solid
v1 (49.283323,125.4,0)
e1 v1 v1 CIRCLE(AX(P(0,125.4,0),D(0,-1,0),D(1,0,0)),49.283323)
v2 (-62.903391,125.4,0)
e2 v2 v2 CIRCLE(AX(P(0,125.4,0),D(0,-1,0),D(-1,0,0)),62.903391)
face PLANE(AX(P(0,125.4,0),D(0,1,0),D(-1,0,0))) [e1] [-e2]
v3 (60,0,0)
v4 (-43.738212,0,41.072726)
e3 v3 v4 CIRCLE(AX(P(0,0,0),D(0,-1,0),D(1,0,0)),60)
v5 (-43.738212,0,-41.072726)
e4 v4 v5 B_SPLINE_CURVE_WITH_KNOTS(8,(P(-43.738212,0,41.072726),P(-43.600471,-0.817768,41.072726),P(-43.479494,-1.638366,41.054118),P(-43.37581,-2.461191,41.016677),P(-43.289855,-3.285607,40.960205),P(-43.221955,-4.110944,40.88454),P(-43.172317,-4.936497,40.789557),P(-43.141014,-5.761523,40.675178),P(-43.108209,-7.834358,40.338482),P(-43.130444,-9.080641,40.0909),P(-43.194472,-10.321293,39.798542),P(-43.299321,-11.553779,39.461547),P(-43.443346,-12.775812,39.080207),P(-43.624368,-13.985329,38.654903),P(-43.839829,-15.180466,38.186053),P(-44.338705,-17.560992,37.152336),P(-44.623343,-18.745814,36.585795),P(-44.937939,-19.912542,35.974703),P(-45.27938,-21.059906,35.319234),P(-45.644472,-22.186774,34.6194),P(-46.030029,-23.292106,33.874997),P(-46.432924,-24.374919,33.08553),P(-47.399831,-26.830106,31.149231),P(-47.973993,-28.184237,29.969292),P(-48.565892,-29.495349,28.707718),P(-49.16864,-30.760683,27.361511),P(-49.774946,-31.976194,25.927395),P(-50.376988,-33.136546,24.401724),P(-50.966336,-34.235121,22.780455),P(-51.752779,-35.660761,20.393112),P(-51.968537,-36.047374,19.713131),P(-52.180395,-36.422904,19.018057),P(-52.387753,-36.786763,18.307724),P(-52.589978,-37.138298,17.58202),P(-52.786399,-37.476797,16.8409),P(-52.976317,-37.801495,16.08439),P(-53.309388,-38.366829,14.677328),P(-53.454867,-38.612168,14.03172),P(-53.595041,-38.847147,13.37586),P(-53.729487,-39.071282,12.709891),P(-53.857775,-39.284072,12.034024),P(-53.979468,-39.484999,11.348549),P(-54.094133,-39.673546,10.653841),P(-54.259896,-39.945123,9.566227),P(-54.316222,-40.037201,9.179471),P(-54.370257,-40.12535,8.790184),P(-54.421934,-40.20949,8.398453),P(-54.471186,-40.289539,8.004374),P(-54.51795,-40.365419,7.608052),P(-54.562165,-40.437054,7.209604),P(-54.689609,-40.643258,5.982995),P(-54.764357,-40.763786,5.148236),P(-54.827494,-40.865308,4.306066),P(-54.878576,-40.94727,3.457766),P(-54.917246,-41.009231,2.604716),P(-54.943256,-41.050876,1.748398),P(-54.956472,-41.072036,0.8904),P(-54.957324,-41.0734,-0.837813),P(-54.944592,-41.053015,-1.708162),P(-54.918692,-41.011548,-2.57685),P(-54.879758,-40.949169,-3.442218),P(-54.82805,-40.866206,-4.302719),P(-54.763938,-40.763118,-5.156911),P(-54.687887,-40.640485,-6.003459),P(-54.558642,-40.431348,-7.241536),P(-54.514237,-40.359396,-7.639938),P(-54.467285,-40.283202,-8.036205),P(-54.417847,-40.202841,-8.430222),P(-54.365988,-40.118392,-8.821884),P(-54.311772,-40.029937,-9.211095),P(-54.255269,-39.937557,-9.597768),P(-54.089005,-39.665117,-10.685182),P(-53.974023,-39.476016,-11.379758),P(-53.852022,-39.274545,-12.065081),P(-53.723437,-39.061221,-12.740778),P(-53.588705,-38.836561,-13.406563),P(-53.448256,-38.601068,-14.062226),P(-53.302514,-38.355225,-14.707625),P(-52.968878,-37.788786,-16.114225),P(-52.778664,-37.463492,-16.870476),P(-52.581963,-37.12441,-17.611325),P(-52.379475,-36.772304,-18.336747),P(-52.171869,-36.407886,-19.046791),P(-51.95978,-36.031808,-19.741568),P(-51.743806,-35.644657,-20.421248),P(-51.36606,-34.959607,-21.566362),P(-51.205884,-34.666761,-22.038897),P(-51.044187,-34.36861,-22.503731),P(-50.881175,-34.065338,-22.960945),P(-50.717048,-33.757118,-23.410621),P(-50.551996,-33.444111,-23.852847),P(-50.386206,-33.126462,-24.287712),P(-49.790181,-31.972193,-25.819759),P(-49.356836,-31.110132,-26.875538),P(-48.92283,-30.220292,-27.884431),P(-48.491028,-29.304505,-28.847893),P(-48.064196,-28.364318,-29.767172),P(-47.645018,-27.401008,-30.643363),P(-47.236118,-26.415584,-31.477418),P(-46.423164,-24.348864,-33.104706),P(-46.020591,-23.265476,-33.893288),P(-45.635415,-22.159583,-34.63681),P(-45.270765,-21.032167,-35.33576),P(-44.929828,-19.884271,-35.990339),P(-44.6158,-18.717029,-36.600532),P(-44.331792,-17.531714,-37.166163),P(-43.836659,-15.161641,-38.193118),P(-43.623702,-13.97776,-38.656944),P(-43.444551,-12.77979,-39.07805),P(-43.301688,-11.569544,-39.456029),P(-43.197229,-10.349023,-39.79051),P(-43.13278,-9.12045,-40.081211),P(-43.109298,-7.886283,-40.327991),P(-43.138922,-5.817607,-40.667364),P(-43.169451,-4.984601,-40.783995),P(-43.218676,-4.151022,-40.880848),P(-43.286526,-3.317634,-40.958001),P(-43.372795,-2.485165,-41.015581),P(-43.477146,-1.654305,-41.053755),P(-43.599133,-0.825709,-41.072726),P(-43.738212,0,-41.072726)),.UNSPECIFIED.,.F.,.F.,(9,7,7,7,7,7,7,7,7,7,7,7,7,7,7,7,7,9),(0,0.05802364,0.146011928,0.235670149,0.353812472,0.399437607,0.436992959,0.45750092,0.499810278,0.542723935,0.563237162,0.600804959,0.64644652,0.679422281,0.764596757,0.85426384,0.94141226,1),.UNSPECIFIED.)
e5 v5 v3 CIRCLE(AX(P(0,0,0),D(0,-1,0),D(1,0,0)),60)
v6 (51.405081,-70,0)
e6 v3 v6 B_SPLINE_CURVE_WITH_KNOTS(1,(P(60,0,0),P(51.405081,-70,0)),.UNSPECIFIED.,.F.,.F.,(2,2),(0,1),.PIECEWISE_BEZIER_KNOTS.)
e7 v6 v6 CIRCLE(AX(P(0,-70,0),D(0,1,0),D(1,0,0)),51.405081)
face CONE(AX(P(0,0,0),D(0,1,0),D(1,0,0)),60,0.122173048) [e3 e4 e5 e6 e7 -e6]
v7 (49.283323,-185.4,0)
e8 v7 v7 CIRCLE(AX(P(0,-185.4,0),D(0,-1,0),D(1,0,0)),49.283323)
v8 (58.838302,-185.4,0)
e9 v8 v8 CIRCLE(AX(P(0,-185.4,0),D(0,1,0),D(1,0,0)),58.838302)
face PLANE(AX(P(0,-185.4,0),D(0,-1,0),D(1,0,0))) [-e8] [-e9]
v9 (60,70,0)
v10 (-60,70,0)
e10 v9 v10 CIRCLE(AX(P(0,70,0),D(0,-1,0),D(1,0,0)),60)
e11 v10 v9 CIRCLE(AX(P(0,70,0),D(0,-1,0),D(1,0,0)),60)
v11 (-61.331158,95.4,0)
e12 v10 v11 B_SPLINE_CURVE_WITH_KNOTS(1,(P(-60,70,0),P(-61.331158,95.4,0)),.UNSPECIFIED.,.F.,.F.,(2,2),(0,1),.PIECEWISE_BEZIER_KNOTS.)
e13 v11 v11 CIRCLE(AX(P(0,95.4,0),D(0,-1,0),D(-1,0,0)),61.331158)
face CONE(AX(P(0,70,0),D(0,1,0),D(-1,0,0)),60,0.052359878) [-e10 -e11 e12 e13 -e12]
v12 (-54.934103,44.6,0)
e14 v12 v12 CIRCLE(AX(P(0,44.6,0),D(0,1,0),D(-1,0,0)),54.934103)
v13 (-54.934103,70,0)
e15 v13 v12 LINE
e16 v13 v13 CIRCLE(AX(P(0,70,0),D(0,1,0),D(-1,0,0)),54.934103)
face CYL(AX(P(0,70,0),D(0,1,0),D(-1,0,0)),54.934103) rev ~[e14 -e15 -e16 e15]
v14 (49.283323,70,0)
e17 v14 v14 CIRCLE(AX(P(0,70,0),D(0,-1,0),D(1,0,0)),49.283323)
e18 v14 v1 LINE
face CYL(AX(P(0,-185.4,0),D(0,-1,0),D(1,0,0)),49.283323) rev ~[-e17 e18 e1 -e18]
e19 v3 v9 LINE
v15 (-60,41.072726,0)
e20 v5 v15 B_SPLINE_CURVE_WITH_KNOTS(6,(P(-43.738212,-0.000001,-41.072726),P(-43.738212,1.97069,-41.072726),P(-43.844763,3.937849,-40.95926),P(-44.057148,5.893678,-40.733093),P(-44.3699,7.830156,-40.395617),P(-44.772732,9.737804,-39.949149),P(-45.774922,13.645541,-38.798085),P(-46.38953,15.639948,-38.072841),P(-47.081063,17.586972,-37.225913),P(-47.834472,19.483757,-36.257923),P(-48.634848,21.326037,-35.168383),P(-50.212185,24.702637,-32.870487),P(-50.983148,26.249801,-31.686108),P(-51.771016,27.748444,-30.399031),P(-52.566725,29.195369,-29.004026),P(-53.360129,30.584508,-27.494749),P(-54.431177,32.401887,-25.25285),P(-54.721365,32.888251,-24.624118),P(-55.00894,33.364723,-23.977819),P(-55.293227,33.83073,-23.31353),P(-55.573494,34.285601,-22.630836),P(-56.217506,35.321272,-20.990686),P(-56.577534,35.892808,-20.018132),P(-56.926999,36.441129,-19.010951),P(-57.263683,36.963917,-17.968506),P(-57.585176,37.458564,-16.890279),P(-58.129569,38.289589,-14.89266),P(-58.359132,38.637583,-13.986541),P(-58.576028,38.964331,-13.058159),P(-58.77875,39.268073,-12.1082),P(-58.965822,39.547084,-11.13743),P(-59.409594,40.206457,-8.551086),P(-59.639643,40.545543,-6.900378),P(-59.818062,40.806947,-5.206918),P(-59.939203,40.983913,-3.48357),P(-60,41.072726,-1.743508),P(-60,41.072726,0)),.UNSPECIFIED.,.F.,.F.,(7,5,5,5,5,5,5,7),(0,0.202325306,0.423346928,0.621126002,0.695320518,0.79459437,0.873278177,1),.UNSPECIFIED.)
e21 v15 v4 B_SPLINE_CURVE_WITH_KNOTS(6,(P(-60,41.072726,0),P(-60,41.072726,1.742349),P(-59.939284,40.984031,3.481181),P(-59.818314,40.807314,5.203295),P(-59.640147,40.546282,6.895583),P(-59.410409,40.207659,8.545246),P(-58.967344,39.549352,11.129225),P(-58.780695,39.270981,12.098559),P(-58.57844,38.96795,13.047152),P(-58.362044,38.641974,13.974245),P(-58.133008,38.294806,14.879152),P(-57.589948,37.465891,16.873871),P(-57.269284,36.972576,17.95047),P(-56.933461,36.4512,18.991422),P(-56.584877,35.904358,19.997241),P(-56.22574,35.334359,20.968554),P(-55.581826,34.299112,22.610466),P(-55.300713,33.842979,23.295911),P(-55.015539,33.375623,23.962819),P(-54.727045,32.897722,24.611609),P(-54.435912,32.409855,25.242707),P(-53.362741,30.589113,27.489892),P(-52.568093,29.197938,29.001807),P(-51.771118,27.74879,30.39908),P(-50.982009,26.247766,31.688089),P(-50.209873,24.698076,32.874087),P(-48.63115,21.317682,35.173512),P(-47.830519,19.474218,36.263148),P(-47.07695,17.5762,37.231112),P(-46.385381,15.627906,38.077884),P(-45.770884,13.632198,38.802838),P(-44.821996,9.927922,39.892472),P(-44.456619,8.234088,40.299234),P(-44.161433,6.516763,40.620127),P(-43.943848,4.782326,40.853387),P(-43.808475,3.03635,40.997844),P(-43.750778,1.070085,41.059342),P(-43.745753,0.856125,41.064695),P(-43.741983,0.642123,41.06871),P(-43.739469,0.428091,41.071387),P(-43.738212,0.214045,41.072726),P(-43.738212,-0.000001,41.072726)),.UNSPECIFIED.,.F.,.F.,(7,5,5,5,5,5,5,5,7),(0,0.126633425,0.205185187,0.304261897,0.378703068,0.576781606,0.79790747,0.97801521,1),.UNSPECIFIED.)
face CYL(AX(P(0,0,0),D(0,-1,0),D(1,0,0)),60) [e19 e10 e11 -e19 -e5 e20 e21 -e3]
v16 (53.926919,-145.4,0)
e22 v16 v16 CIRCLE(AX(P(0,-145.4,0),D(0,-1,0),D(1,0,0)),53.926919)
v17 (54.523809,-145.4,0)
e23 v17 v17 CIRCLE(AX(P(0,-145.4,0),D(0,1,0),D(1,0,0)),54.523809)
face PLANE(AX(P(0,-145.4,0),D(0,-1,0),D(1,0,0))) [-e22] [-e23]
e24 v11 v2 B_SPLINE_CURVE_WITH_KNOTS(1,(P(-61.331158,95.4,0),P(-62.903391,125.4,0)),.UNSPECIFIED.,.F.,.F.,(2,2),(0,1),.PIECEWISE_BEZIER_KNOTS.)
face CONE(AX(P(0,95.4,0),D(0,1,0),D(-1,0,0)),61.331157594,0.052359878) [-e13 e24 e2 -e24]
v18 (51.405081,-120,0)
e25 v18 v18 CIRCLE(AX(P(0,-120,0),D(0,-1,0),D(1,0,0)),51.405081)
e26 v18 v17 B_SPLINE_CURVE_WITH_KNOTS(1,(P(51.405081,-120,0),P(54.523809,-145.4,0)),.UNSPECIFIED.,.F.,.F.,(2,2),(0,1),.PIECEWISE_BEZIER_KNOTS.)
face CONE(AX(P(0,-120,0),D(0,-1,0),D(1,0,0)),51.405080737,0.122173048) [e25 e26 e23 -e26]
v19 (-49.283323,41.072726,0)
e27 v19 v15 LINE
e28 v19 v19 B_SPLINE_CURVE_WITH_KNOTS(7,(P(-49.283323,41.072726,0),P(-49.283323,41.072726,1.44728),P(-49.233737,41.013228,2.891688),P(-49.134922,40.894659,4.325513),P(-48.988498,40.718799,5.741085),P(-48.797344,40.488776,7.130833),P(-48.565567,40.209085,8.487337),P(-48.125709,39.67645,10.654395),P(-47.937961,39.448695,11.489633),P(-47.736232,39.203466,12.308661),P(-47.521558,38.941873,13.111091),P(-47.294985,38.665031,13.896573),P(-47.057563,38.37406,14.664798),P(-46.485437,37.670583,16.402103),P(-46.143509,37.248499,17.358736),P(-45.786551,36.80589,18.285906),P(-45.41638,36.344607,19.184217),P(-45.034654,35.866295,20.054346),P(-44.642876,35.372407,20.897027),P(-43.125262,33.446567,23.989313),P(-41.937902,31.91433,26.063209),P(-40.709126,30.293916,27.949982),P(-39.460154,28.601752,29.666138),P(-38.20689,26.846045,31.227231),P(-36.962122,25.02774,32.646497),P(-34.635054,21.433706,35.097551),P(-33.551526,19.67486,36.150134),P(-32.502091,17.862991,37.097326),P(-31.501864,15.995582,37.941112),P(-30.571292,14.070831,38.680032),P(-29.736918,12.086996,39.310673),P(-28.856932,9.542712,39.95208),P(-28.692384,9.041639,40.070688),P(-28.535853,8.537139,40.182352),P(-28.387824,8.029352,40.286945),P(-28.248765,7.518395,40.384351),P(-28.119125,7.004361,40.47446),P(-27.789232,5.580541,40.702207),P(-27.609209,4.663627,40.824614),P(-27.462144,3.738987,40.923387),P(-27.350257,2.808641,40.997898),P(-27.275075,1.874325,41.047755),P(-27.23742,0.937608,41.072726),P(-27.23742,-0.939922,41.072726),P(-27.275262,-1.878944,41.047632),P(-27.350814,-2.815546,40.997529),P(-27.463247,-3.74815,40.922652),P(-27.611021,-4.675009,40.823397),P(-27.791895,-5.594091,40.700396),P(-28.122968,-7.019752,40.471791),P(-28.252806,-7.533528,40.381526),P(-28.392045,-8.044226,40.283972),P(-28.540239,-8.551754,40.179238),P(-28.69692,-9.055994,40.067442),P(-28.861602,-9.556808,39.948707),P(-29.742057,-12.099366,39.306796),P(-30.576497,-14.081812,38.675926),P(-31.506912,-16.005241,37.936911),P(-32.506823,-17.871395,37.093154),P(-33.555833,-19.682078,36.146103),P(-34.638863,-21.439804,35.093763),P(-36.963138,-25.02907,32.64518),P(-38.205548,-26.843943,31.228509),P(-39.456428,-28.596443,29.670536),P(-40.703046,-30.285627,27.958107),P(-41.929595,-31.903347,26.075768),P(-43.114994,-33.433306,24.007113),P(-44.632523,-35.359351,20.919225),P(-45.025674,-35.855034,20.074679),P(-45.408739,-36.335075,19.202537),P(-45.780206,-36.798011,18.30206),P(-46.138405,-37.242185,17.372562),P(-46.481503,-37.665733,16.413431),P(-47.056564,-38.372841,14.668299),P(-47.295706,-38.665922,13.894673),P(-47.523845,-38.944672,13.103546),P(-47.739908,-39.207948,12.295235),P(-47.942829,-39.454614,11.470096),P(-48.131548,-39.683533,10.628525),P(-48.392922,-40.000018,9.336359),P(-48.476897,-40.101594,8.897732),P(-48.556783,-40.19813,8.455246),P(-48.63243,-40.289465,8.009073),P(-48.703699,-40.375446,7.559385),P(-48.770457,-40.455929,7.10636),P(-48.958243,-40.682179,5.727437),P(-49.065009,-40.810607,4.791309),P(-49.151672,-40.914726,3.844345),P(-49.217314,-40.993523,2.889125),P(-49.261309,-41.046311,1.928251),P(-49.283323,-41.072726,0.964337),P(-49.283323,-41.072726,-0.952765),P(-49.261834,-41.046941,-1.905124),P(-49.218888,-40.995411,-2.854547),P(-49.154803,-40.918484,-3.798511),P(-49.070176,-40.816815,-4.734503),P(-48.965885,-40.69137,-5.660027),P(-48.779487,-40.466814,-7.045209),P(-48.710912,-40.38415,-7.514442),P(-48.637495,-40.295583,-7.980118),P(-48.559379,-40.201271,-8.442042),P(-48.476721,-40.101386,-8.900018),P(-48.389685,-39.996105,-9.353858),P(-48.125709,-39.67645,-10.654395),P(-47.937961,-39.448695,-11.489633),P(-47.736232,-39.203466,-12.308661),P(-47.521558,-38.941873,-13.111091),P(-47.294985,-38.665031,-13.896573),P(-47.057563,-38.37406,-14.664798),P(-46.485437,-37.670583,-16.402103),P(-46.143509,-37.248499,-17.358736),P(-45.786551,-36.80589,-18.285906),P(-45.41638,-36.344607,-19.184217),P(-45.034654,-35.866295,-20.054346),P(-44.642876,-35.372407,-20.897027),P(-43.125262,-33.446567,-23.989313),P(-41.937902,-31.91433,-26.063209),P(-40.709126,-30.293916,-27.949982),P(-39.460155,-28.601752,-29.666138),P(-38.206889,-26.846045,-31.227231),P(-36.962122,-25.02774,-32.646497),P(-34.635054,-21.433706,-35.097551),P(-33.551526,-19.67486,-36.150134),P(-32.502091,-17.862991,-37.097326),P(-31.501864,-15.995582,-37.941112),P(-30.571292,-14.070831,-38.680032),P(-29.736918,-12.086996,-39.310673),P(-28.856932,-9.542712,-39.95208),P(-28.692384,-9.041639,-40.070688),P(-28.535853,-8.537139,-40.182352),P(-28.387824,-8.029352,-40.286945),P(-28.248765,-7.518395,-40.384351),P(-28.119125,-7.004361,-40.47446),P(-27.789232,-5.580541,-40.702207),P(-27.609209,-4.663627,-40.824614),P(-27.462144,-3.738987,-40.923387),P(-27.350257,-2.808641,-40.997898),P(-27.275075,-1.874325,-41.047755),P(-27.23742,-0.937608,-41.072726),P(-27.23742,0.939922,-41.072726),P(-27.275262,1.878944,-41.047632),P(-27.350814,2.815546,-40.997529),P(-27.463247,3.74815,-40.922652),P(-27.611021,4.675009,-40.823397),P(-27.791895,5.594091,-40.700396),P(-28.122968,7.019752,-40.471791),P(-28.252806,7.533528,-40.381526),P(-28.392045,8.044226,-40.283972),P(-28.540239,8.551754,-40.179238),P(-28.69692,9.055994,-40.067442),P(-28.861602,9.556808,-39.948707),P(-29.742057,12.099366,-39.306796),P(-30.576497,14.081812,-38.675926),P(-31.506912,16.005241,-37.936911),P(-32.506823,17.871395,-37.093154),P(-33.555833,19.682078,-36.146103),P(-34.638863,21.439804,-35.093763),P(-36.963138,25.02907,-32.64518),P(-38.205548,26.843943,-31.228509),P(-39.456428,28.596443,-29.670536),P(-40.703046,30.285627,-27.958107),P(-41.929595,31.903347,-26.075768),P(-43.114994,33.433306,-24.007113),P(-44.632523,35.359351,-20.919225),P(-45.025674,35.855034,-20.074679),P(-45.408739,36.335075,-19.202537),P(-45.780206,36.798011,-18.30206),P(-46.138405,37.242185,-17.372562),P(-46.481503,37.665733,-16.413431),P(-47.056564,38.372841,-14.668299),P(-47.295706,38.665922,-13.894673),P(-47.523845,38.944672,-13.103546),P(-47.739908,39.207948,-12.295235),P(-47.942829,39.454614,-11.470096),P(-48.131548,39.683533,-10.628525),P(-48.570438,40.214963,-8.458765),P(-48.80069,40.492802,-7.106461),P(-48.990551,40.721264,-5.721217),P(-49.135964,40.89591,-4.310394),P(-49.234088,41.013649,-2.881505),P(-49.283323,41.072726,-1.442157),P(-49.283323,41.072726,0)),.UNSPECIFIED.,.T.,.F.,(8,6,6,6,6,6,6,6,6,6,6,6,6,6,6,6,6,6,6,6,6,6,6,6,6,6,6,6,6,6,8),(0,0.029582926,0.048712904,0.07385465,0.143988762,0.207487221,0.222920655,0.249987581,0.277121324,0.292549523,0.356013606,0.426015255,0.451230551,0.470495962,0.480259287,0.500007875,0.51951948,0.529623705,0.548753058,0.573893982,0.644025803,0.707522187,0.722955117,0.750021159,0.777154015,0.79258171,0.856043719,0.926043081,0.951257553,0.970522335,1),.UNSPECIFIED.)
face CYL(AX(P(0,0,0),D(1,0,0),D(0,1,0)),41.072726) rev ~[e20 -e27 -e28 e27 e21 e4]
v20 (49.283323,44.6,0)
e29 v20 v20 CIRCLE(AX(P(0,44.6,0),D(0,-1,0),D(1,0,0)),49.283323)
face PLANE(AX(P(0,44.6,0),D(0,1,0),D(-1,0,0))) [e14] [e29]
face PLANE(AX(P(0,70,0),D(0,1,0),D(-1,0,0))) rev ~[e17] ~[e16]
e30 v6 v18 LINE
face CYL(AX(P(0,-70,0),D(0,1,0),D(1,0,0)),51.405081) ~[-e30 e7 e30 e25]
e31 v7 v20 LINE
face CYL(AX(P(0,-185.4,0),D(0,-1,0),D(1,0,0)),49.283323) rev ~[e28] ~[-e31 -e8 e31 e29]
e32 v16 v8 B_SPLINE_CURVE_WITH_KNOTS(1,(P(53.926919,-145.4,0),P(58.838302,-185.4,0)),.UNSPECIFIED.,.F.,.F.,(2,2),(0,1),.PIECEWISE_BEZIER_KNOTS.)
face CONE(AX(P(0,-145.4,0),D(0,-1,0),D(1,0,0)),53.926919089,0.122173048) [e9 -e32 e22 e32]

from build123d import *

# Parameters (mm, degrees)
F0_R      = 60
F1_DEPTH  = 70
F2_R      = 60
F3_DEPTH  = 70
F3_TAPER  = 7
F5_R      = 54.9341030365
F6_DEPTH  = 25.4
F7_R      = 47.9617586767
F8_DEPTH  = 205.994
F4_R      = 51.4050807368
F12_DEPTH = 50
F13_R     = 51.4050807368
F14_DEPTH = 25.4
F14_TAPER = -7
F15_R     = 53.9269190887
F16_DEPTH = 40
F16_TAPER = -7
F11_R     = 60
F17_DEPTH = 25.4
F17_TAPER = -3
F18_R     = 61.3311575938
F19_DEPTH = 30
F19_TAPER = -3
F20_R     = 46.550299856
F21_DEPTH = 374.396
F22_R     = 49.2833226897
F23_DEPTH = 359.918
F24_R     = 41.0727260018
F25_DEPTH = 101.854


with BuildPart() as f1:
    # F0 (on Front) → F1 (new body)
    with BuildSketch(Plane.XZ):
        Circle(F0_R)
    extrude(amount=-F1_DEPTH)

    # F2 (on face) → F3 (join)
    with BuildSketch(Plane.XZ):
        Circle(F2_R)
    extrude(amount=F3_DEPTH, taper=F3_TAPER)

    # F5 (on face) → F6 (cut)
    with BuildSketch(Plane(origin=(0, 70, 0), x_dir=(-1, 0, 0), z_dir=(0, 1, 0))):
        Circle(F5_R)
    extrude(amount=-F6_DEPTH, mode=Mode.SUBTRACT)

    # F7 (on face) → F8 (cut)
    with BuildSketch(Plane.XZ.offset(70)):
        Circle(F7_R)
    extrude(amount=-F8_DEPTH, mode=Mode.SUBTRACT)

    # F4 (on face) → F12 (join)
    with BuildSketch(Plane.XZ.offset(70)):
        Circle(F4_R)
    extrude(amount=F12_DEPTH)

    # F13 (on face) → F14 (join)
    with BuildSketch(Plane.XZ.offset(120)):
        Circle(F13_R)
    extrude(amount=F14_DEPTH, taper=F14_TAPER)

    # F15 (on face) → F16 (join)
    with BuildSketch(Plane.XZ.offset(145.4)):
        Circle(F15_R)
    extrude(amount=F16_DEPTH, taper=F16_TAPER)

    # F11 (on face) → F17 (join)
    with BuildSketch(Plane(origin=(0, 70, 0), x_dir=(-1, 0, 0), z_dir=(0, 1, 0))):
        Circle(F11_R)
    extrude(amount=F17_DEPTH, taper=F17_TAPER)

    # F18 (on face) → F19 (join)
    with BuildSketch(Plane(origin=(0, 95.4, 0), x_dir=(-1, 0, 0), z_dir=(0, 1, 0))):
        Circle(F18_R)
    extrude(amount=F19_DEPTH, taper=F19_TAPER)

    # F20 (on face) → F21 (cut)
    with BuildSketch(Plane.XZ.offset(185.4)):
        Circle(F20_R)
    extrude(amount=-F21_DEPTH, mode=Mode.SUBTRACT)

    # F22 (on face) → F23 (cut)
    with BuildSketch(Plane.XZ.offset(185.4)):
        Circle(F22_R)
    extrude(amount=-F23_DEPTH, mode=Mode.SUBTRACT)

    # F24 (on Right) → F25 (cut)
    with BuildSketch(Plane.YZ):
        Circle(F24_R)
    extrude(amount=-F25_DEPTH, mode=Mode.SUBTRACT)


solid = f1.part
